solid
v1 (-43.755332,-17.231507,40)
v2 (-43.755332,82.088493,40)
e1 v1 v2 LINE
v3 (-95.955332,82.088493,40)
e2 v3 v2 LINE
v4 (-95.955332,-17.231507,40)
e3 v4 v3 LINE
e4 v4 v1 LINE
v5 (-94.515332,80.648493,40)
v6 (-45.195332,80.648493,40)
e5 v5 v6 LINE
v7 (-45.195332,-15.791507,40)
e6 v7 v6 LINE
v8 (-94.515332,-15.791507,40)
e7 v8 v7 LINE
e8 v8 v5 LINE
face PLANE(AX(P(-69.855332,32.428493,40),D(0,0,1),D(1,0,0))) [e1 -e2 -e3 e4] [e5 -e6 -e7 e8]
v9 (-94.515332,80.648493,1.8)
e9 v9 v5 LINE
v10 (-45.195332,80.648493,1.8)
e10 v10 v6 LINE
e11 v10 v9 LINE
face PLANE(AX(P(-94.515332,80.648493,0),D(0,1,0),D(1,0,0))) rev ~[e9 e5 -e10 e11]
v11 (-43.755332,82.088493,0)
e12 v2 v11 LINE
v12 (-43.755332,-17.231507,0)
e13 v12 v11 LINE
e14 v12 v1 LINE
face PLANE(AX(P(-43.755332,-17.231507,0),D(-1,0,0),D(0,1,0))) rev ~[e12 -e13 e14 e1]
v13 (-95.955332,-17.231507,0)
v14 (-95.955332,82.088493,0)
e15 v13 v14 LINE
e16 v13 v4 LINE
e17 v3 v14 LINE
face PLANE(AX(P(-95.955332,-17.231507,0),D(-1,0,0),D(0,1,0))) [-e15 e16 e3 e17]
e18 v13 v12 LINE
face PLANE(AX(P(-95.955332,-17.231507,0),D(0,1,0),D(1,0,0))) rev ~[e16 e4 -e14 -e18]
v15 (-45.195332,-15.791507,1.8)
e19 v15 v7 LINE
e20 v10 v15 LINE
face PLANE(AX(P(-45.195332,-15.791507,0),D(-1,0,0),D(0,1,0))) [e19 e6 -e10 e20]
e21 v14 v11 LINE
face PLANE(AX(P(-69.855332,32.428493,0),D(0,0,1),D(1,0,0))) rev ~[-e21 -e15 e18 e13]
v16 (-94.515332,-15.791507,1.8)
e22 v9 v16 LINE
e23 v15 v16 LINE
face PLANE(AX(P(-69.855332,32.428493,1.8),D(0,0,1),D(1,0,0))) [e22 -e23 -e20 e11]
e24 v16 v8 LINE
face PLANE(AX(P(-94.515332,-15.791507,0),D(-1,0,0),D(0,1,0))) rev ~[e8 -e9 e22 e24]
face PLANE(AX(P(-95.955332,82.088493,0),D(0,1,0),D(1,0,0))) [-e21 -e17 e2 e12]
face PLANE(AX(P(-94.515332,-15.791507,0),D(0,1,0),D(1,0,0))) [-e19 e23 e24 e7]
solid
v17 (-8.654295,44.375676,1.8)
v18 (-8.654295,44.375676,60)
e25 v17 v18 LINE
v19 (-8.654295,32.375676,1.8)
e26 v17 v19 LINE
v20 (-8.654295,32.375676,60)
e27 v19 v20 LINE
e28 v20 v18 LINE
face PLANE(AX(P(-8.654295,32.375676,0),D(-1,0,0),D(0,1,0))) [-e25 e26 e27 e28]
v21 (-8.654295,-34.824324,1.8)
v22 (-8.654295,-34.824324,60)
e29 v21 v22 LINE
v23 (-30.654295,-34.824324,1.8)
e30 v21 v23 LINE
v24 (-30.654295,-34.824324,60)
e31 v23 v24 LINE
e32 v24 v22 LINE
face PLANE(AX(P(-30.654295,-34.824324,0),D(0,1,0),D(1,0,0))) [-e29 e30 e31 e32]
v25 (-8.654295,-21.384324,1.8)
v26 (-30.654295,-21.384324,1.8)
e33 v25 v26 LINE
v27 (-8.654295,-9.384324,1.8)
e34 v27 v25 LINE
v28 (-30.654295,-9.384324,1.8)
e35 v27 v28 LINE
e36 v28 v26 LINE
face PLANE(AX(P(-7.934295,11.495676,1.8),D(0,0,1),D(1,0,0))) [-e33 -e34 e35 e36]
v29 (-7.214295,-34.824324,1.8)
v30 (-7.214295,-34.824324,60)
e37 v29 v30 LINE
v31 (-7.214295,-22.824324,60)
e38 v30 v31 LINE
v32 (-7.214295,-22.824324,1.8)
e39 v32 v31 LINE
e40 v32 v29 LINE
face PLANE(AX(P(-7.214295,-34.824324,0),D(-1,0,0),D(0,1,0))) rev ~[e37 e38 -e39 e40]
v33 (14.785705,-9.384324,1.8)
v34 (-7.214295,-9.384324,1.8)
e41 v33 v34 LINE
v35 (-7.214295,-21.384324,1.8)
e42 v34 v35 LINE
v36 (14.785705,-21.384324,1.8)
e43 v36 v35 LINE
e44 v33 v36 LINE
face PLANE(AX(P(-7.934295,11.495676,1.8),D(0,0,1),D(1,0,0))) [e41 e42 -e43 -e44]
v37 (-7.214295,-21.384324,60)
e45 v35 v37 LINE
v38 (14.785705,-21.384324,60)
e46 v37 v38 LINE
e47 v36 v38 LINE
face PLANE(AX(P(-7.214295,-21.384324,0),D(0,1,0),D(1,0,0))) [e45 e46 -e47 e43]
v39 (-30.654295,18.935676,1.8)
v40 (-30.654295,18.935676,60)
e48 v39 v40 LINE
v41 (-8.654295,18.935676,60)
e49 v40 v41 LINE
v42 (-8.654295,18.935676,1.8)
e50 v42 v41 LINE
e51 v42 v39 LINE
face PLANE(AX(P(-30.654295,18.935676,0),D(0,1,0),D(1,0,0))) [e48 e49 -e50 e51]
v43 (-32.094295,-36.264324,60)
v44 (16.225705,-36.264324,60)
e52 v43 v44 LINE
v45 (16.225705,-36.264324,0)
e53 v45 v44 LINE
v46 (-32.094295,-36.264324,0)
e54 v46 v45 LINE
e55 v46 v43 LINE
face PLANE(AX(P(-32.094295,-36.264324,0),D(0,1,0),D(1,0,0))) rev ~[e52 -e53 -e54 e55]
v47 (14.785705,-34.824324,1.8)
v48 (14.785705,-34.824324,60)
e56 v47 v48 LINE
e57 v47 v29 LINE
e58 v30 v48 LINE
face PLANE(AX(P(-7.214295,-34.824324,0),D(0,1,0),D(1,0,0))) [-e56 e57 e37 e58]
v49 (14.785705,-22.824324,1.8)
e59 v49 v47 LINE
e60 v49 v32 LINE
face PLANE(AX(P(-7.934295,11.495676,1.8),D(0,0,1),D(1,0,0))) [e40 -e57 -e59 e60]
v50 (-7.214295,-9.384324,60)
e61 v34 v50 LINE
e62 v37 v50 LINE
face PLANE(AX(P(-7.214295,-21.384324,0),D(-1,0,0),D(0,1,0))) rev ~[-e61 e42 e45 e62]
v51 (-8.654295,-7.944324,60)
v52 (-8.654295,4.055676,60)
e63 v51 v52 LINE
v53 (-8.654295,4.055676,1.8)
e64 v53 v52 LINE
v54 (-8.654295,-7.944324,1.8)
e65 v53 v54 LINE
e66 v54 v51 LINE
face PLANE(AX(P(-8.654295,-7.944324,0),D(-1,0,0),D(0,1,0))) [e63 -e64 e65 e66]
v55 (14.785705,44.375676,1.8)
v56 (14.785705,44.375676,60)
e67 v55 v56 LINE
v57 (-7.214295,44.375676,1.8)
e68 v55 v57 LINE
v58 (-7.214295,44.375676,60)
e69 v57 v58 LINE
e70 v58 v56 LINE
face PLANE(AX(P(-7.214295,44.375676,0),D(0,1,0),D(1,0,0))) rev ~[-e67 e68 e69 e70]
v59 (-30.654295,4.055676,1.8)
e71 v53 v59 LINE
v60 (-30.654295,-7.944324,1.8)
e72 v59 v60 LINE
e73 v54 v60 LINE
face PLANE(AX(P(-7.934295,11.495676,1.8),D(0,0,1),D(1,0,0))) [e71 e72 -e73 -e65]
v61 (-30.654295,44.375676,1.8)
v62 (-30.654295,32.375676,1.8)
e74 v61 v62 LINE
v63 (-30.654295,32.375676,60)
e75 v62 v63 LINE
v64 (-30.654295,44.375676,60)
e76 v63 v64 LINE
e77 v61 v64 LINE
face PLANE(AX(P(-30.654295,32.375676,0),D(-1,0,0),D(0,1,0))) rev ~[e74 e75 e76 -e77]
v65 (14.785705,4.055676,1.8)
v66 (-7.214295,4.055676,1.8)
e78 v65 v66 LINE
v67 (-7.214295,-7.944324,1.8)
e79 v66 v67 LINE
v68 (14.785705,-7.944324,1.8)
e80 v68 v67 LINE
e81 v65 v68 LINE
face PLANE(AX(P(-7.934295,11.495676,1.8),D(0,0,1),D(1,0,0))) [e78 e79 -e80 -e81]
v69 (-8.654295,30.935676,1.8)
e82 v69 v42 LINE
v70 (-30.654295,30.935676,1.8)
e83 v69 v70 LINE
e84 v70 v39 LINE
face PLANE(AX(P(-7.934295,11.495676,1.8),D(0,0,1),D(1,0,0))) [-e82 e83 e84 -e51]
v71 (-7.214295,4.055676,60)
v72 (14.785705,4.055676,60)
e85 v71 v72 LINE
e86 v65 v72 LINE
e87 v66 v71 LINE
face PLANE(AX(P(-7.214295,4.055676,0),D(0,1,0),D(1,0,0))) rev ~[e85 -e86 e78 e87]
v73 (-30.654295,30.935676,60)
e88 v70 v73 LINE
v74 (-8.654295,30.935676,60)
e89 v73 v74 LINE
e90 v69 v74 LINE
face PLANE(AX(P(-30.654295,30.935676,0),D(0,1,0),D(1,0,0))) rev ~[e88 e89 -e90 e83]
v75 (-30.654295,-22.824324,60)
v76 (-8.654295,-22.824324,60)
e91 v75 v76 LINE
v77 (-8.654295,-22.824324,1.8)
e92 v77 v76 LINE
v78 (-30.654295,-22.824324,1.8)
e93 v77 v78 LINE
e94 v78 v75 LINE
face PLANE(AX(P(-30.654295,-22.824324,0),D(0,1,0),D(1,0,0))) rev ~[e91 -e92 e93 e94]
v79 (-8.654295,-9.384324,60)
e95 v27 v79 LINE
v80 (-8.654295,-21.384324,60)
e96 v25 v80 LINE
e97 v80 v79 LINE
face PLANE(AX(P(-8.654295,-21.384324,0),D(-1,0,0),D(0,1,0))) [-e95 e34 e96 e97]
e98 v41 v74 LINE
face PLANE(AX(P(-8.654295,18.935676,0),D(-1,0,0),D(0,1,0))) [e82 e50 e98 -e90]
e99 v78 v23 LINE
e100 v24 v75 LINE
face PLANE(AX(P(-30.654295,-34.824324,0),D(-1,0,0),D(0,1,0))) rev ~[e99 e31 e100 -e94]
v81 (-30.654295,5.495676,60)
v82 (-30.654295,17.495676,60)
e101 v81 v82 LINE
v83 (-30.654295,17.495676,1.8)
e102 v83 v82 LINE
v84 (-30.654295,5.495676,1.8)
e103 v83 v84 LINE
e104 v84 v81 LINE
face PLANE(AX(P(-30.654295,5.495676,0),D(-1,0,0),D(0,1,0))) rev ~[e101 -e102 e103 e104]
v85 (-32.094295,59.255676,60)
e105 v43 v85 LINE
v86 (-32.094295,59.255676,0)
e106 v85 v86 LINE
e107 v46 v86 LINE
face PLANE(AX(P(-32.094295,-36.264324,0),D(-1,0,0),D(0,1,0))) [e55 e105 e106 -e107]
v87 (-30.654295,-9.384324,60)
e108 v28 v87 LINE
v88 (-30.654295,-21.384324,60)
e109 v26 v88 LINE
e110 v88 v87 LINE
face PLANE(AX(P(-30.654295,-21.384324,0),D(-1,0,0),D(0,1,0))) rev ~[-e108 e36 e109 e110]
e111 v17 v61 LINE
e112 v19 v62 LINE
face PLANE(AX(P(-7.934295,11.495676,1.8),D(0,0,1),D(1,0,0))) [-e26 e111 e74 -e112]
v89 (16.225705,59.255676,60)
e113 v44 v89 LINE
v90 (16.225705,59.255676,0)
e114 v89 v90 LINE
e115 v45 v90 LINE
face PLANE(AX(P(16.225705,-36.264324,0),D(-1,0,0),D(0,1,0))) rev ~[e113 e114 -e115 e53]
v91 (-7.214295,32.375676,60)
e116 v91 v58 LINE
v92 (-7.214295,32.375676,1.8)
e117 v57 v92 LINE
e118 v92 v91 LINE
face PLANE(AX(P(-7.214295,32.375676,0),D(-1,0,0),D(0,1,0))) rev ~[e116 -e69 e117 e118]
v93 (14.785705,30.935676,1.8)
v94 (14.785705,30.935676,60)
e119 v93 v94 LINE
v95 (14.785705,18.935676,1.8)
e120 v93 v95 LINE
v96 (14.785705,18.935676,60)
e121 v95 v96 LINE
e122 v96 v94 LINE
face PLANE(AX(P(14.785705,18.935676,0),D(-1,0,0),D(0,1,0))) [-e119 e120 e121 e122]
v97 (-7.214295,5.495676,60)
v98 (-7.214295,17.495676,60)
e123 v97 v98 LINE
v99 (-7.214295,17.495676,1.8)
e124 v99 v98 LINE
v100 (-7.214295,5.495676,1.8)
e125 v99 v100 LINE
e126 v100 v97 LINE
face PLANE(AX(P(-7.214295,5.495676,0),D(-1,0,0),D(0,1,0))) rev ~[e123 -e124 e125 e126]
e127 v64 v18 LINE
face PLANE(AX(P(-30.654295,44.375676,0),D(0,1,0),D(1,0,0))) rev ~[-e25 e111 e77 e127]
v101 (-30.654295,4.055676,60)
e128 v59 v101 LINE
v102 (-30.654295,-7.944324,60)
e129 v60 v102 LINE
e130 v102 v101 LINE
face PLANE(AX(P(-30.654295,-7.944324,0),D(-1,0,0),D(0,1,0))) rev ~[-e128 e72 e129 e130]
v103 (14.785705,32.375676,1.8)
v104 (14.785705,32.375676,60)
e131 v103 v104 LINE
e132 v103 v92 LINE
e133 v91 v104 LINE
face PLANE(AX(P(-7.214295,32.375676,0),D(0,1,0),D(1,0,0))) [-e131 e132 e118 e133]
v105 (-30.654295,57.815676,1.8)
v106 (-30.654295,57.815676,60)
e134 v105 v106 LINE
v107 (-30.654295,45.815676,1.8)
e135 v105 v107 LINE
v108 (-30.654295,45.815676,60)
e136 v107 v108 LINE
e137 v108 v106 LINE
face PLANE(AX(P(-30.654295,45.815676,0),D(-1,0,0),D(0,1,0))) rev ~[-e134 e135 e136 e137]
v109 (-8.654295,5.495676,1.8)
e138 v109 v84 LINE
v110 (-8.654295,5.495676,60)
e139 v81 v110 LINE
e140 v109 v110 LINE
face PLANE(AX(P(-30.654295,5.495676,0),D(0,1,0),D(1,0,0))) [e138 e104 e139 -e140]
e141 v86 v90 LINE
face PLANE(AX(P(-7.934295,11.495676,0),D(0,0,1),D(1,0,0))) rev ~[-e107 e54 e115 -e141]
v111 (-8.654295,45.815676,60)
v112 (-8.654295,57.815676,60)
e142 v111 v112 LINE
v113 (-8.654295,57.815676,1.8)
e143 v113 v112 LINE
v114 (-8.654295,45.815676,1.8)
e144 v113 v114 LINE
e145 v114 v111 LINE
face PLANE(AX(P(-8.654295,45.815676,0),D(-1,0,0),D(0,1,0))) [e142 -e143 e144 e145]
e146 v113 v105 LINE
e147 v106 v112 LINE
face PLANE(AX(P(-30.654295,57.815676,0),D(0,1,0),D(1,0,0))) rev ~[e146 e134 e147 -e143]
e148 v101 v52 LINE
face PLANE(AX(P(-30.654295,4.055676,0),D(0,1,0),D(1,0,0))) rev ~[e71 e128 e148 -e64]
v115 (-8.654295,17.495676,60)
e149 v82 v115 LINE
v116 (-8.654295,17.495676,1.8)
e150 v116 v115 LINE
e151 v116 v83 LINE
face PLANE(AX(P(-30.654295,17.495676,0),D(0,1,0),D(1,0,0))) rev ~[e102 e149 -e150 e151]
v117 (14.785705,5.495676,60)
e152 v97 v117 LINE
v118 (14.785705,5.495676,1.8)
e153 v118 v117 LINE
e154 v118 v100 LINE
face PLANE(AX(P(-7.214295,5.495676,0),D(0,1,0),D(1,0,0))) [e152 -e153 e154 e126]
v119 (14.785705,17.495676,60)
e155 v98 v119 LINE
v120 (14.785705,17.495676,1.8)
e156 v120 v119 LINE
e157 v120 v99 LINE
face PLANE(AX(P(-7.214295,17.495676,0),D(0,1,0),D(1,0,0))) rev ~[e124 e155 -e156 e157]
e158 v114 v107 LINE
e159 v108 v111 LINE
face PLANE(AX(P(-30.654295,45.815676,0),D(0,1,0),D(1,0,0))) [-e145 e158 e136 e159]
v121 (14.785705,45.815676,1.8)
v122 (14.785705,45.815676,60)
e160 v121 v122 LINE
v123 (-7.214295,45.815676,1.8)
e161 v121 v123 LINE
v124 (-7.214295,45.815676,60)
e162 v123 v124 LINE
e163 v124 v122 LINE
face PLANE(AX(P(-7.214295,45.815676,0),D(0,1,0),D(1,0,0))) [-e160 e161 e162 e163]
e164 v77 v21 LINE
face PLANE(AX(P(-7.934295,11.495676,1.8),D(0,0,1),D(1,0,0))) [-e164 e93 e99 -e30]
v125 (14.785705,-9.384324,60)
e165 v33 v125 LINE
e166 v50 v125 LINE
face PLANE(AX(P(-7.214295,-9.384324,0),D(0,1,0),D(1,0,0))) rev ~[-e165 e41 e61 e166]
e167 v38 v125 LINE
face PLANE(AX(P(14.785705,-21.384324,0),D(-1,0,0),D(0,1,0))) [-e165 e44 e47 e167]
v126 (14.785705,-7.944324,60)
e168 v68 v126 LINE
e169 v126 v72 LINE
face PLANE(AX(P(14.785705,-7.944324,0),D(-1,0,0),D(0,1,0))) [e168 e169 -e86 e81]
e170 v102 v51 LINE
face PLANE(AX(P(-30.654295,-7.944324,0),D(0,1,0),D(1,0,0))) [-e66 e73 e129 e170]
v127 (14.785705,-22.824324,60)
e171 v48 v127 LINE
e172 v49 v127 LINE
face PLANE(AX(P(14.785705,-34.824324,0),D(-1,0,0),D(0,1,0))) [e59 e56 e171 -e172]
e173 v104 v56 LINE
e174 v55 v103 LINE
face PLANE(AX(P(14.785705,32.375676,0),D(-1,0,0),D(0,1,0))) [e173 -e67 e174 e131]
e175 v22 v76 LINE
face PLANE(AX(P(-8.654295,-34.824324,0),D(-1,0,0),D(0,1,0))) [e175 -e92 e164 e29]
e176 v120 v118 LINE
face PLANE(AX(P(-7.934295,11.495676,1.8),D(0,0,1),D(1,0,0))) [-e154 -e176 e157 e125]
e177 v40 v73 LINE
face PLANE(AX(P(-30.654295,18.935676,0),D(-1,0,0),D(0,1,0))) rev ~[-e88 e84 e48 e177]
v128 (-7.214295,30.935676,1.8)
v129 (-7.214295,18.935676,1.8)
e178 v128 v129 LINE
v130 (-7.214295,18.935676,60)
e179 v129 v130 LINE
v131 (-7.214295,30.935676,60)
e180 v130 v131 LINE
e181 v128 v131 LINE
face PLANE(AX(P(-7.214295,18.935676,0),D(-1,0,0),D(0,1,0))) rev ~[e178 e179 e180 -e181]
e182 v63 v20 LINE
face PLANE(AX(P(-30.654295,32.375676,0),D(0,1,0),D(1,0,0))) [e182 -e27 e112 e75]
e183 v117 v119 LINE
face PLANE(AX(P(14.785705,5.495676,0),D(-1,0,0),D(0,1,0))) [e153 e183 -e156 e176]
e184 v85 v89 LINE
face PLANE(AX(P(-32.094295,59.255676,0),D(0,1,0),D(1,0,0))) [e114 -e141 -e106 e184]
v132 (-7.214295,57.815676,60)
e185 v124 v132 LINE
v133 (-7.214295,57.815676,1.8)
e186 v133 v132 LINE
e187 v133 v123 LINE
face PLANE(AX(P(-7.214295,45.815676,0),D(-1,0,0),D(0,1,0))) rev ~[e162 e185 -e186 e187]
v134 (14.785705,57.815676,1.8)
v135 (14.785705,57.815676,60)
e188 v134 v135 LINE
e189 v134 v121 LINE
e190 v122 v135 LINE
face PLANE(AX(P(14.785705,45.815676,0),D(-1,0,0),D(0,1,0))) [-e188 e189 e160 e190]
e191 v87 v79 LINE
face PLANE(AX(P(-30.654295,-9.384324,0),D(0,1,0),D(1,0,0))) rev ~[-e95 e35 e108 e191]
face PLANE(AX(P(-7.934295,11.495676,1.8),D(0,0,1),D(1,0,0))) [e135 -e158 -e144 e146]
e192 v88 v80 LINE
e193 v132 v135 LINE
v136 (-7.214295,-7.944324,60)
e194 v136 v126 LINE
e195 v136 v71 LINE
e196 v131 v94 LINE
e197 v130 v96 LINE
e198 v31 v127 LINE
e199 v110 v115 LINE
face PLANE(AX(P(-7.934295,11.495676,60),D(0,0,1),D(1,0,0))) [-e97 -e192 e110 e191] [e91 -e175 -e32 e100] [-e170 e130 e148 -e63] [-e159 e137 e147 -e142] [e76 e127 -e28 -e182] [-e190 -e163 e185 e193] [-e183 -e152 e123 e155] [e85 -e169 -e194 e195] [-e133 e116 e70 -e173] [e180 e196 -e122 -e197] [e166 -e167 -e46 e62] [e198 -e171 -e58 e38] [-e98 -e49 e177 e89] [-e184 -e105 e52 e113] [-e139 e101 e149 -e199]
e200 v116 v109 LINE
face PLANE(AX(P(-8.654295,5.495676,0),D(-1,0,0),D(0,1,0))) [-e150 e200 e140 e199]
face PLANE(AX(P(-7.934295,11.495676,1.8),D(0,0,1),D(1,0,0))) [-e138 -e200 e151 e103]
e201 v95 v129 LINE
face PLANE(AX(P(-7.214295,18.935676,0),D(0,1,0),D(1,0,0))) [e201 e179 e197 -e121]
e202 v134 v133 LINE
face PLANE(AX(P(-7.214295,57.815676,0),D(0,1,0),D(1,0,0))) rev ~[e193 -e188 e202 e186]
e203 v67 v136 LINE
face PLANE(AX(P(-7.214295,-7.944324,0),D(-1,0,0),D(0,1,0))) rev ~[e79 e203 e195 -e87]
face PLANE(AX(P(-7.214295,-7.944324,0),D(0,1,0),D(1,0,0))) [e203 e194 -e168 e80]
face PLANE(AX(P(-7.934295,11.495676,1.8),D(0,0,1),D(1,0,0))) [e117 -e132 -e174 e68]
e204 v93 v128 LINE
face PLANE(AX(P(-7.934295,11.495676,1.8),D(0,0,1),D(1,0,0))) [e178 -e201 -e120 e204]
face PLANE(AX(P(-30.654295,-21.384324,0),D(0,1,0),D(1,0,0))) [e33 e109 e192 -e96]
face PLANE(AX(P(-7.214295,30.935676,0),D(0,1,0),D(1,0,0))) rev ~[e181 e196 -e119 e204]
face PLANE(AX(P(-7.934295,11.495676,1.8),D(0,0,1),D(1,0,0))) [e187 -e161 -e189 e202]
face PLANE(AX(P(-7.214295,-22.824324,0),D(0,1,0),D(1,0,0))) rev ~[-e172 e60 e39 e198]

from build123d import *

# Parameters (mm, degrees)
F0_W     = 48.32
F0_H     = 95.52
F0_W_2   = 22
F0_H_2   = 12
F1_DEPTH = 1.8
F2_DEPTH = 60
F3_W     = 52.2
F3_H     = 99.32
F3_W_2   = 49.32
F3_H_2   = 96.44
F4_DEPTH = 1.8
F5_DEPTH = 40


with BuildPart() as f1:
    # F0 (on Top) → F1 (new body)
    with BuildSketch(Plane.XY):
        with Locations((-7.9342950767, 11.4956763754)):
            Rectangle(F0_W, F0_H)
        with Locations((-19.6542950767, -28.8243236246)):
            Rectangle(F0_W_2, F0_H_2, mode=Mode.SUBTRACT)
        with Locations((-19.6542950767, -15.3843236246)):
            Rectangle(F0_W_2, F0_H_2, mode=Mode.SUBTRACT)
        with Locations((-19.6542950767, -1.9443236246)):
            Rectangle(F0_W_2, F0_H_2, mode=Mode.SUBTRACT)
        with Locations((-19.6542950767, 11.4956763754)):
            Rectangle(F0_W_2, F0_H_2, mode=Mode.SUBTRACT)
        with Locations((3.7857049233, -28.8243236246)):
            Rectangle(F0_W_2, F0_H_2, mode=Mode.SUBTRACT)
        with Locations((3.7857049233, -15.3843236246)):
            Rectangle(F0_W_2, F0_H_2, mode=Mode.SUBTRACT)
        with Locations((3.7857049233, -1.9443236246)):
            Rectangle(F0_W_2, F0_H_2, mode=Mode.SUBTRACT)
        with Locations((-19.6542950767, 24.9356763754)):
            Rectangle(F0_W_2, F0_H_2, mode=Mode.SUBTRACT)
        with Locations((-19.6542950767, 38.3756763754)):
            Rectangle(F0_W_2, F0_H_2, mode=Mode.SUBTRACT)
        with Locations((-19.6542950767, 51.8156763754)):
            Rectangle(F0_W_2, F0_H_2, mode=Mode.SUBTRACT)
        with Locations((3.7857049233, 11.4956763754)):
            Rectangle(F0_W_2, F0_H_2, mode=Mode.SUBTRACT)
        with Locations((3.7857049233, 24.9356763754)):
            Rectangle(F0_W_2, F0_H_2, mode=Mode.SUBTRACT)
        with Locations((3.7857049233, 38.3756763754)):
            Rectangle(F0_W_2, F0_H_2, mode=Mode.SUBTRACT)
        with Locations((3.7857049233, 51.8156763754)):
            Rectangle(F0_W_2, F0_H_2, mode=Mode.SUBTRACT)
        with Locations((-19.6542950767, 51.8156763754)):
            Rectangle(F0_W_2, F0_H_2)
        with Locations((-19.6542950767, 24.9356763754)):
            Rectangle(F0_W_2, F0_H_2)
        with Locations((3.7857049233, -1.9443236246)):
            Rectangle(F0_W_2, F0_H_2)
        with Locations((3.7857049233, -15.3843236246)):
            Rectangle(F0_W_2, F0_H_2)
        with Locations((3.7857049233, 11.4956763754)):
            Rectangle(F0_W_2, F0_H_2)
        with Locations((-19.6542950767, -15.3843236246)):
            Rectangle(F0_W_2, F0_H_2)
        with Locations((3.7857049233, 38.3756763754)):
            Rectangle(F0_W_2, F0_H_2)
        with Locations((-19.6542950767, -1.9443236246)):
            Rectangle(F0_W_2, F0_H_2)
        with Locations((-19.6542950767, 11.4956763754)):
            Rectangle(F0_W_2, F0_H_2)
        with Locations((3.7857049233, -28.8243236246)):
            Rectangle(F0_W_2, F0_H_2)
        with Locations((-19.6542950767, -28.8243236246)):
            Rectangle(F0_W_2, F0_H_2)
        with Locations((3.7857049233, 51.8156763754)):
            Rectangle(F0_W_2, F0_H_2)
        with Locations((-19.6542950767, 38.3756763754)):
            Rectangle(F0_W_2, F0_H_2)
        with Locations((3.7857049233, 24.9356763754)):
            Rectangle(F0_W_2, F0_H_2)
    extrude(amount=F1_DEPTH)

    # F0 (on Top) → F2 (join)
    with BuildSketch(Plane.XY):
        with Locations((-7.9342950767, 11.4956763754)):
            Rectangle(F0_W, F0_H)
        with Locations((-19.6542950767, -28.8243236246)):
            Rectangle(F0_W_2, F0_H_2, mode=Mode.SUBTRACT)
        with Locations((-19.6542950767, -15.3843236246)):
            Rectangle(F0_W_2, F0_H_2, mode=Mode.SUBTRACT)
        with Locations((-19.6542950767, -1.9443236246)):
            Rectangle(F0_W_2, F0_H_2, mode=Mode.SUBTRACT)
        with Locations((-19.6542950767, 11.4956763754)):
            Rectangle(F0_W_2, F0_H_2, mode=Mode.SUBTRACT)
        with Locations((3.7857049233, -28.8243236246)):
            Rectangle(F0_W_2, F0_H_2, mode=Mode.SUBTRACT)
        with Locations((3.7857049233, -15.3843236246)):
            Rectangle(F0_W_2, F0_H_2, mode=Mode.SUBTRACT)
        with Locations((3.7857049233, -1.9443236246)):
            Rectangle(F0_W_2, F0_H_2, mode=Mode.SUBTRACT)
        with Locations((-19.6542950767, 24.9356763754)):
            Rectangle(F0_W_2, F0_H_2, mode=Mode.SUBTRACT)
        with Locations((-19.6542950767, 38.3756763754)):
            Rectangle(F0_W_2, F0_H_2, mode=Mode.SUBTRACT)
        with Locations((-19.6542950767, 51.8156763754)):
            Rectangle(F0_W_2, F0_H_2, mode=Mode.SUBTRACT)
        with Locations((3.7857049233, 11.4956763754)):
            Rectangle(F0_W_2, F0_H_2, mode=Mode.SUBTRACT)
        with Locations((3.7857049233, 24.9356763754)):
            Rectangle(F0_W_2, F0_H_2, mode=Mode.SUBTRACT)
        with Locations((3.7857049233, 38.3756763754)):
            Rectangle(F0_W_2, F0_H_2, mode=Mode.SUBTRACT)
        with Locations((3.7857049233, 51.8156763754)):
            Rectangle(F0_W_2, F0_H_2, mode=Mode.SUBTRACT)
    extrude(amount=F2_DEPTH)


with BuildPart() as f4:
    # F3 (on Top) → F4 (new body)
    with BuildSketch(Plane.XY):
        with Locations((-69.8553323746, 32.4284926394)):
            Rectangle(F3_W, F3_H)
        with Locations((-69.8553323746, 32.4284926394)):
            Rectangle(F3_W_2, F3_H_2, mode=Mode.SUBTRACT)
        with Locations((-69.8553323746, 32.4284926394)):
            Rectangle(F3_W_2, F3_H_2)
    extrude(amount=F4_DEPTH)

    # F3 (on Top) → F5 (join)
    with BuildSketch(Plane.XY):
        with Locations((-69.8553323746, 32.4284926394)):
            Rectangle(F3_W, F3_H)
        with Locations((-69.8553323746, 32.4284926394)):
            Rectangle(F3_W_2, F3_H_2, mode=Mode.SUBTRACT)
    extrude(amount=F5_DEPTH)


solid = Compound([f1.part, f4.part])
